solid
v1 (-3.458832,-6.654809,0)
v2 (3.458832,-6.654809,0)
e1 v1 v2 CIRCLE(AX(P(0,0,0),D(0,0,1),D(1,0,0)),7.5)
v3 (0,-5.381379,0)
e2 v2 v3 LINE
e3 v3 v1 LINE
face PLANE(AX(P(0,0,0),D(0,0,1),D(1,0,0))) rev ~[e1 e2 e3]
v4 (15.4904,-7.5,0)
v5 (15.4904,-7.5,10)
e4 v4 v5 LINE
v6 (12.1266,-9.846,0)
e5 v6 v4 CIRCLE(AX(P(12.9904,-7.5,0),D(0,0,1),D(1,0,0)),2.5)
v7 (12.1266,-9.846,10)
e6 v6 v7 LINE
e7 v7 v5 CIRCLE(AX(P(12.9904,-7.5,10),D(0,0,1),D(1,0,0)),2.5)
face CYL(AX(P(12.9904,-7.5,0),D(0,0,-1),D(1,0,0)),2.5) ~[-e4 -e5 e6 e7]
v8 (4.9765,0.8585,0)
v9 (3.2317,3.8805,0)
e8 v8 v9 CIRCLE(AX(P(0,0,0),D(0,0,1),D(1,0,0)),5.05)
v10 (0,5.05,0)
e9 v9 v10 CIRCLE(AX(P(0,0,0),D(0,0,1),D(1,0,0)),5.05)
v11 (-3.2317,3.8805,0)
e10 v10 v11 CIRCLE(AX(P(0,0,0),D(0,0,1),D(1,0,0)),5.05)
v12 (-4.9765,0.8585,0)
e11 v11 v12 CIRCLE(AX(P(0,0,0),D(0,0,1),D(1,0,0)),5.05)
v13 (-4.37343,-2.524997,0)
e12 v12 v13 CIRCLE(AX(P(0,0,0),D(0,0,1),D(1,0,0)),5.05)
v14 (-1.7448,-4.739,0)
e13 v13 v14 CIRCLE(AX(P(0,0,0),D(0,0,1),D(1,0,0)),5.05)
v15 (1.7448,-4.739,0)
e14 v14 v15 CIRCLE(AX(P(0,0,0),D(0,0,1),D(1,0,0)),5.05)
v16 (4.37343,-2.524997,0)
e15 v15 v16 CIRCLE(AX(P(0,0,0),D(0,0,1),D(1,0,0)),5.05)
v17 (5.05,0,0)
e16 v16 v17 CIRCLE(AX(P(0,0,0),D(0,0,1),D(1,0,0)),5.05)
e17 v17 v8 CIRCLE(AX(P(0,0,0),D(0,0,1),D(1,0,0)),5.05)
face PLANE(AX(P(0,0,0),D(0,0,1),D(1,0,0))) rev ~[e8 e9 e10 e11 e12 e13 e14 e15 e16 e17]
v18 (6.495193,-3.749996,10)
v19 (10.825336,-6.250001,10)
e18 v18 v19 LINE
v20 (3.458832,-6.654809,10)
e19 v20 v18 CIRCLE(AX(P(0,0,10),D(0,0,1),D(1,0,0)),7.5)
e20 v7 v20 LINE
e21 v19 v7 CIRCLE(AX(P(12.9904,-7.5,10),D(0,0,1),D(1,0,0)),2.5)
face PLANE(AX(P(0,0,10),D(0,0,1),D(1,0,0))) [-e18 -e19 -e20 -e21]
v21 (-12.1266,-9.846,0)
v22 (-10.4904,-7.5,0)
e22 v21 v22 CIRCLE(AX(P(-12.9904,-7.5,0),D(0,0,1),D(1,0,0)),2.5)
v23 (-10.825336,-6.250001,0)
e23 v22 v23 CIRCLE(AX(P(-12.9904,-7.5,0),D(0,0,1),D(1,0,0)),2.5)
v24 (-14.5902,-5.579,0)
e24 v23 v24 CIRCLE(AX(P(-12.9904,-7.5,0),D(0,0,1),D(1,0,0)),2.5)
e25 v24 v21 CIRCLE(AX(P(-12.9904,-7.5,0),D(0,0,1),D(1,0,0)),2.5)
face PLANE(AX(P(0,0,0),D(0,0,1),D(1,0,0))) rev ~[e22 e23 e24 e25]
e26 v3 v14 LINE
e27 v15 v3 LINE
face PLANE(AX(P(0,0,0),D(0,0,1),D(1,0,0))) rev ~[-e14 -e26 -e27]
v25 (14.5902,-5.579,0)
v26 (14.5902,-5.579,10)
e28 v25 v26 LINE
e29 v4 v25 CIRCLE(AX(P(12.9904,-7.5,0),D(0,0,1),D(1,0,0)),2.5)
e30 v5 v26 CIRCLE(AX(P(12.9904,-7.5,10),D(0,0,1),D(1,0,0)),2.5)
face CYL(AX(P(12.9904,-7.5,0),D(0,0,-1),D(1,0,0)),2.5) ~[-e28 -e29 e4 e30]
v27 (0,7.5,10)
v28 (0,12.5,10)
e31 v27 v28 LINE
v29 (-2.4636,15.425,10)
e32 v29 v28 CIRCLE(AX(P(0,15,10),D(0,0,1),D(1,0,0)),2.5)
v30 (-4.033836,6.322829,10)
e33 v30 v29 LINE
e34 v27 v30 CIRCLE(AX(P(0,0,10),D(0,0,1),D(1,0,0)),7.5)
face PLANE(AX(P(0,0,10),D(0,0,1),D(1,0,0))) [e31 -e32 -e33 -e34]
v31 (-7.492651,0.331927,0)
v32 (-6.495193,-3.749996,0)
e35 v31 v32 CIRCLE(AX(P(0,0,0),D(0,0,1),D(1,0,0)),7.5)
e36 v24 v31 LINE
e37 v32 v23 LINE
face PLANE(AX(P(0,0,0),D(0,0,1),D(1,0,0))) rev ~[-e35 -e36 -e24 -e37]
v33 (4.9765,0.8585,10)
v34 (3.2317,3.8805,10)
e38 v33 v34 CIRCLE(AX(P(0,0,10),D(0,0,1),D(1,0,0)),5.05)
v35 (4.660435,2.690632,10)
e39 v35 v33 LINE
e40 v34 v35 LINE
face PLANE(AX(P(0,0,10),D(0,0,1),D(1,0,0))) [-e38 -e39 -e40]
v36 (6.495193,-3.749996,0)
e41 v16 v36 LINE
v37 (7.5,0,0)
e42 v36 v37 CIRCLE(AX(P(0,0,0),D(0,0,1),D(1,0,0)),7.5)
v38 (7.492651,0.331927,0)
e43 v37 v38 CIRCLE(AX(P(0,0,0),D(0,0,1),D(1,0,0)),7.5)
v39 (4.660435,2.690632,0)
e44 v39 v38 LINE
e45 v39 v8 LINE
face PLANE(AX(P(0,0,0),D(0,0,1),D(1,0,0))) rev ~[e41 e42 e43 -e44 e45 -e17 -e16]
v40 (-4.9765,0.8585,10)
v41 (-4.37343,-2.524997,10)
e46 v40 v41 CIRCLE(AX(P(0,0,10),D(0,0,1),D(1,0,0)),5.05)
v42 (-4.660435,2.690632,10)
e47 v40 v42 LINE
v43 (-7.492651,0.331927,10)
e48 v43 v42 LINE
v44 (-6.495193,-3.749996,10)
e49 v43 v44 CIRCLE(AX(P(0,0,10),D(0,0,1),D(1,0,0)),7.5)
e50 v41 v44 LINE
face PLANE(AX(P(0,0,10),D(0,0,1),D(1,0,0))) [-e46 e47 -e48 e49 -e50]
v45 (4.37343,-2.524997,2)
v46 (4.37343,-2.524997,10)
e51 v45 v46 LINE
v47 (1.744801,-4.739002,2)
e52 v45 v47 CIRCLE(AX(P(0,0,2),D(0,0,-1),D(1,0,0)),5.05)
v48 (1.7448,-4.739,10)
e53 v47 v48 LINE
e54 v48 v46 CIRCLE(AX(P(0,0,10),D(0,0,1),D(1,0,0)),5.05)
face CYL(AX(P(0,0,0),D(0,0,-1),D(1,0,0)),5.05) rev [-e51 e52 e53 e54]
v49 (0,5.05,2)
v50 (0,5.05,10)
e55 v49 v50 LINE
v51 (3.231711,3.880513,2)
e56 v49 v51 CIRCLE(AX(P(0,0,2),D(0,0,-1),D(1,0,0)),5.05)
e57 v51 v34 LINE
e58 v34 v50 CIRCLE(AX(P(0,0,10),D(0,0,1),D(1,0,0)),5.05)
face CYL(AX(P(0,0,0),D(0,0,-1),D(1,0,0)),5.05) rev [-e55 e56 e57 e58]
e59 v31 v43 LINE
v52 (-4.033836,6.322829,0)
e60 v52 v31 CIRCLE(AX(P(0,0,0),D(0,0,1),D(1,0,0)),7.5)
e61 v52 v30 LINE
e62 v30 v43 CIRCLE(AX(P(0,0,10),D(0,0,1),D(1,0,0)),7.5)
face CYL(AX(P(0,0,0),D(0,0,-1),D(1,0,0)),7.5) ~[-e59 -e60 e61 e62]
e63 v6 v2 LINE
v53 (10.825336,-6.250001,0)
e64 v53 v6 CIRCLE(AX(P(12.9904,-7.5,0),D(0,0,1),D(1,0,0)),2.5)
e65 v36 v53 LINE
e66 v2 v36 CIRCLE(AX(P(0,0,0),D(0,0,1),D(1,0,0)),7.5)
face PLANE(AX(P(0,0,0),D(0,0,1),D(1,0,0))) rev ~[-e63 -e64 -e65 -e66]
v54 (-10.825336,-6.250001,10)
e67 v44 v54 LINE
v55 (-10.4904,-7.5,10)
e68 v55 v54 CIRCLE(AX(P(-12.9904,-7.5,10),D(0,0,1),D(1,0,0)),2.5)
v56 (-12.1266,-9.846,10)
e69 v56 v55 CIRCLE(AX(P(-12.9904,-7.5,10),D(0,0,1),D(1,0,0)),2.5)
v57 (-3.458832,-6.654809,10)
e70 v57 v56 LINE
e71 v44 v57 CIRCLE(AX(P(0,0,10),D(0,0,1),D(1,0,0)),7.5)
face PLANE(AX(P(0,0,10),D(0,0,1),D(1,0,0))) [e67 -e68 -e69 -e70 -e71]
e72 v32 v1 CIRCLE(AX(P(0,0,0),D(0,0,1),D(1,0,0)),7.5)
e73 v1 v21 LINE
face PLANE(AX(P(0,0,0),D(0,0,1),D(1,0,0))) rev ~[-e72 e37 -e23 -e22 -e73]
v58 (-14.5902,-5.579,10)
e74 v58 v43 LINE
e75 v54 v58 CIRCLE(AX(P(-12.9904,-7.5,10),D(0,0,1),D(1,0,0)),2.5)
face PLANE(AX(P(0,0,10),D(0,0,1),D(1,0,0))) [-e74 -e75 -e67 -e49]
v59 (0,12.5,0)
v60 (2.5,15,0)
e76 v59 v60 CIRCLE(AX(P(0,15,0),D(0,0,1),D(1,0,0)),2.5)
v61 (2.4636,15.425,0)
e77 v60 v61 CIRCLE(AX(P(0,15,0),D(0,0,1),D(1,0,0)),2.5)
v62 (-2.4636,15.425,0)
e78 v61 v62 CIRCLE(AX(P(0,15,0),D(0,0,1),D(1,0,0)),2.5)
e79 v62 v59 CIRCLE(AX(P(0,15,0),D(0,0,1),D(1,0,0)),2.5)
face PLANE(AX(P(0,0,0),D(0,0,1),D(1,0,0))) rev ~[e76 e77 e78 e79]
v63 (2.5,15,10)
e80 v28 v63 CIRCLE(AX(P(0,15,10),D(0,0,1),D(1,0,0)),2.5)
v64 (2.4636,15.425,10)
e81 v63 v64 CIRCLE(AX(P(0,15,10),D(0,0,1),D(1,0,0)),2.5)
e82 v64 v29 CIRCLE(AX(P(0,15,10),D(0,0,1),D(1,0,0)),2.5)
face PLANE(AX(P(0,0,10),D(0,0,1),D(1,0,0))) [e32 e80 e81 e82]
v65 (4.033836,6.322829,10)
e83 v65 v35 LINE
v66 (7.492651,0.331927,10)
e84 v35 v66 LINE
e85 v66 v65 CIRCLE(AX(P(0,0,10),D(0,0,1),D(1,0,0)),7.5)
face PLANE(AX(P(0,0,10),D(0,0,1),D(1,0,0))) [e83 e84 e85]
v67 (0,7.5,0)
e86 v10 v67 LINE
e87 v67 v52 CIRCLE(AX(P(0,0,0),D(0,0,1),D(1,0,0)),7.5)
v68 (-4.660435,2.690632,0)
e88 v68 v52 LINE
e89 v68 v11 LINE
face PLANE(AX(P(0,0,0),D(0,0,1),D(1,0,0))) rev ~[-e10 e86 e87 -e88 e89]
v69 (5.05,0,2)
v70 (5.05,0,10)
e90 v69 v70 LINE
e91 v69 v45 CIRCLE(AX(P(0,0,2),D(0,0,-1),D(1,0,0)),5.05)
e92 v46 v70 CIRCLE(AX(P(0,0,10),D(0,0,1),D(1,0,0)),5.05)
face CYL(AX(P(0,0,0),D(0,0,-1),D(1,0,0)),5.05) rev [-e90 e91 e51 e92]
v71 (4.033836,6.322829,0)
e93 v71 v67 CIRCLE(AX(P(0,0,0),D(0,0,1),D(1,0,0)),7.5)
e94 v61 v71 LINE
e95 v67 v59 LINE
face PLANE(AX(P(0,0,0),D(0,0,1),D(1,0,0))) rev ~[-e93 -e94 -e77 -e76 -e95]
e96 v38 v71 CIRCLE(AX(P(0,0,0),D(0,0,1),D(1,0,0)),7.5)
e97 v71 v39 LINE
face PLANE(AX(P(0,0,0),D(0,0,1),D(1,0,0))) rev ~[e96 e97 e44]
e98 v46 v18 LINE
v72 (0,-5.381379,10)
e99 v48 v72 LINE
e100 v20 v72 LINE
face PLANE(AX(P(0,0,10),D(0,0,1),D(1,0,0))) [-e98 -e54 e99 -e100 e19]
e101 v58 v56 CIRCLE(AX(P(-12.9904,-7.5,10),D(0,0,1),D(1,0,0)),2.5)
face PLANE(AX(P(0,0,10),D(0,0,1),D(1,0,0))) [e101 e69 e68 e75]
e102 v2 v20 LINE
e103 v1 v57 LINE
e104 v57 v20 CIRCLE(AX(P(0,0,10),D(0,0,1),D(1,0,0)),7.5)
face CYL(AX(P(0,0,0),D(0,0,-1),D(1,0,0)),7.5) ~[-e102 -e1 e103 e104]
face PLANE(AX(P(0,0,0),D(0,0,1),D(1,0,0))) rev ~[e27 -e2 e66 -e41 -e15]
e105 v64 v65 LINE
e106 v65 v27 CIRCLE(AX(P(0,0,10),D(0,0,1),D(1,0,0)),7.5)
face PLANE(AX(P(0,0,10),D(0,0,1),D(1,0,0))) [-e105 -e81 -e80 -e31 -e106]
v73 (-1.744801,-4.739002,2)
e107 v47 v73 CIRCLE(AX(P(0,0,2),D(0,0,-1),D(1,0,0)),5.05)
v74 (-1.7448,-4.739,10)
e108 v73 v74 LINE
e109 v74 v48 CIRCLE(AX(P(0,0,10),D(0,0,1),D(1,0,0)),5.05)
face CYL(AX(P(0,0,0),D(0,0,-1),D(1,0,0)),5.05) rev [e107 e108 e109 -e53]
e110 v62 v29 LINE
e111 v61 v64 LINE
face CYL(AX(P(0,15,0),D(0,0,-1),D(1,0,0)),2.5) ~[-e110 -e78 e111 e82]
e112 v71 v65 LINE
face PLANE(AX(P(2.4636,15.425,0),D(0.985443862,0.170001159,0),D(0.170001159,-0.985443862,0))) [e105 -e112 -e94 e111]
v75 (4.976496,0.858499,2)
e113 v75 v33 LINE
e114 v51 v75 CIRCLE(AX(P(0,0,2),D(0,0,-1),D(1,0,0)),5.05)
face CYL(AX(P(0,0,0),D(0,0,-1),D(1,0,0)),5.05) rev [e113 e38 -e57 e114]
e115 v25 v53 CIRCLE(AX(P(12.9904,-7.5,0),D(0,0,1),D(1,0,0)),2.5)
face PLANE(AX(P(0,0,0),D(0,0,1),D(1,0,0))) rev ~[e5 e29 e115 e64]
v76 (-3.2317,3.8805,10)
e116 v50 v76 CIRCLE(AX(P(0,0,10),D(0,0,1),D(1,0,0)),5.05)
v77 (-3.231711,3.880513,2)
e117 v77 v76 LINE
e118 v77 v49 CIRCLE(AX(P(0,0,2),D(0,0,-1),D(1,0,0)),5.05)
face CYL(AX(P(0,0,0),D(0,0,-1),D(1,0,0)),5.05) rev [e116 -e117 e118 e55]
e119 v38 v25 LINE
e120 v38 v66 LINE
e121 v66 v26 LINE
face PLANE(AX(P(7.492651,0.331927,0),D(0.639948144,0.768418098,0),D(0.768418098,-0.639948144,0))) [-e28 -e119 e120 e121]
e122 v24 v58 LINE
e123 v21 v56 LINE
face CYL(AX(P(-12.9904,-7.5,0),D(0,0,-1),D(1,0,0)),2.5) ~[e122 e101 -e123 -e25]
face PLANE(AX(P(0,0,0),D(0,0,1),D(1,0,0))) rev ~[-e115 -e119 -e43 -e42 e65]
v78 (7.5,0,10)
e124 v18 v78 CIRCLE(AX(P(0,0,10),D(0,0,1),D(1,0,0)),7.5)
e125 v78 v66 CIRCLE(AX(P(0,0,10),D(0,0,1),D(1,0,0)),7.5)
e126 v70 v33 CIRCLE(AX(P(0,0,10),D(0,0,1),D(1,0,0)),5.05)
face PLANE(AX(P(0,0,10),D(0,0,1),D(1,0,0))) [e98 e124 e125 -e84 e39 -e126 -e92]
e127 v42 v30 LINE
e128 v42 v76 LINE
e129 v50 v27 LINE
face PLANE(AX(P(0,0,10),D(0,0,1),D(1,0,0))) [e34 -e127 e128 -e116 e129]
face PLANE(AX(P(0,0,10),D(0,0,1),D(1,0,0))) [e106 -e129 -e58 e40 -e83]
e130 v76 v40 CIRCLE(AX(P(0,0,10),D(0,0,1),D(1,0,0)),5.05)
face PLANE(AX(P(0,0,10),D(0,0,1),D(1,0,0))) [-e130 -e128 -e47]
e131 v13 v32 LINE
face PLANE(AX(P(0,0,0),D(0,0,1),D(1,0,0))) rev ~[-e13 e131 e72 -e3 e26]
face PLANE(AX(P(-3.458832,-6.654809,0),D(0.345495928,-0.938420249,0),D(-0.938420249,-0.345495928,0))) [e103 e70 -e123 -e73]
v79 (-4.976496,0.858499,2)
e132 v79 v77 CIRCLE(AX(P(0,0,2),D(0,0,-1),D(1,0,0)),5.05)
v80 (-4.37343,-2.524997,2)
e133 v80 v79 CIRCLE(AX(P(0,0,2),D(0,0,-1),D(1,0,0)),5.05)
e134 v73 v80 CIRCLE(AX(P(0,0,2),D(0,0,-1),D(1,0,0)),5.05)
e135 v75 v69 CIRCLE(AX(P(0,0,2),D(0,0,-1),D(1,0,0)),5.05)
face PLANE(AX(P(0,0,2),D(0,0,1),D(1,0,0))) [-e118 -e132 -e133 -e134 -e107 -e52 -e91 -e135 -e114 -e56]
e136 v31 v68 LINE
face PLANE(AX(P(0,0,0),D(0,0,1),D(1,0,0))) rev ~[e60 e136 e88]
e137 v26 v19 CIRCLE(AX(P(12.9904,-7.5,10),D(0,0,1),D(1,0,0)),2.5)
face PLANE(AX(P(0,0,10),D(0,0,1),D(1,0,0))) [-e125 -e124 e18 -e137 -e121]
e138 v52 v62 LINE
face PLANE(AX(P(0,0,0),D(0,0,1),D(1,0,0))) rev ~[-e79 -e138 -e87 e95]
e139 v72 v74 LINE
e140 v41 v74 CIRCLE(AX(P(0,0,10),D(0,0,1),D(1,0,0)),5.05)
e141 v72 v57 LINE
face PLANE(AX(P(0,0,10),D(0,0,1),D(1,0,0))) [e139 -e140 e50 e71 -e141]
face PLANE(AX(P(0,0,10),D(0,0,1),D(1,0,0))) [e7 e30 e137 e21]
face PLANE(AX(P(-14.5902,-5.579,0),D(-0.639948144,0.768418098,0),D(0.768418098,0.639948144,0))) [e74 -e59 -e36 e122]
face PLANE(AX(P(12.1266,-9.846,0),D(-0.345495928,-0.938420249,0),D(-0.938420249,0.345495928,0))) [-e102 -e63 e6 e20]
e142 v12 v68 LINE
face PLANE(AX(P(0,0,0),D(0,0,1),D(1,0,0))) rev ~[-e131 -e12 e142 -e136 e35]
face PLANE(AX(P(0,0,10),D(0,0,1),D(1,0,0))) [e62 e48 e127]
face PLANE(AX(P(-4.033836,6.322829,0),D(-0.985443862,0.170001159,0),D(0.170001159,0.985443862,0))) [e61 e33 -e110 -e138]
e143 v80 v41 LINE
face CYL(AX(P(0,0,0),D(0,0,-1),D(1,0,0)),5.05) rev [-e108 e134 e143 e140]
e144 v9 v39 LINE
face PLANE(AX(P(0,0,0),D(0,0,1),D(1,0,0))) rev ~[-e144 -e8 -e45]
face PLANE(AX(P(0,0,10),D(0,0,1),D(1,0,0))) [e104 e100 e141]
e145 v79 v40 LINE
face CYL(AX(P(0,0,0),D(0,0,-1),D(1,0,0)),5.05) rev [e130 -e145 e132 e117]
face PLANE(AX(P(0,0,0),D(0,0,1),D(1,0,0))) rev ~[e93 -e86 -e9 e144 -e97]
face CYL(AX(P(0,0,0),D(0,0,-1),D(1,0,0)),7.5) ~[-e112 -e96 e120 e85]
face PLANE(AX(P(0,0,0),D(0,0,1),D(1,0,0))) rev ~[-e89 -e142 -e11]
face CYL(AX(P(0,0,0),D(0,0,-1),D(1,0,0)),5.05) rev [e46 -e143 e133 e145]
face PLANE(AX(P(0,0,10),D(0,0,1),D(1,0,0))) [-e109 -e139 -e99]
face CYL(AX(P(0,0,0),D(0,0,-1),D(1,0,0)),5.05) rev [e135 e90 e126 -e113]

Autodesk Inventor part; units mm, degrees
ref_plane "YZ Plane" through (0, 0, 0) normal (1, 0, 0) x (0, 1, 0)
ref_plane "XZ Plane" through (0, 0, 0) normal (0, 1, 0) x (-1, 0, 0)
ref_plane "XY Plane" through (0, 0, 0) normal (0, 0, 1) x (1, 0, 0)
sketch "Sketch1" plane through (0, 0, 0) normal (0, 0, 1) x (1, 0, 0)
  circle A0 centre (0, 0) radius 5.05
  circle A1 centre (0, 0) radius 15 construction
  line L0 (0, 0) -> (0, 15)
  circle A2 centre (0, 15) radius 2.5
  line L1 (2.4636, 15.425) -> (4.9765, 0.8585)
  line L2 (-4.9765, 0.8585) -> (-2.4636, 15.425)
  line L3 (0, 0) -> (-12.9904, -7.5)
  circle A3 centre (-12.9904, -7.5) radius 2.5
  line L4 (-14.5902, -5.579) -> (-3.2317, 3.8805)
  line L5 (1.7448, -4.739) -> (-12.1266, -9.846)
  line L6 (0, 0) -> (12.9904, -7.5)
  circle A4 centre (12.9904, -7.5) radius 2.5
  line L7 (12.1266, -9.846) -> (-1.7448, -4.739)
  line L8 (3.2317, 3.8805) -> (14.5902, -5.579)
  circle A5 centre (0, 0) radius 7.5
  point P0 (0, -15)
  point P1 (12.9904, 7.5)
  point P2 (-12.9904, 7.5)
  point P3 (-4.0338, 6.3228)
  point P4 (-3.4588, -6.6548)
  point P5 (3.4588, -6.6548)
  point P6 (4.0338, 6.3228)
  point P7 (7.4926, 0.332)
  point P8 (4.6604, 2.6907)
  point P9 (-7.4926, 0.332)
  point P10 (-4.6604, 2.6907)
  point P11 (0, -5.3814)
  dimension "d0" = 10.1
  dimension "d1" = 30
  dimension "d2" = 5
  dimension "d5" = 360
  dimension "d7" = 15
extrude "Extrusion1" add sketch "Sketch1" along normal blind 10 contours A0 L1 L8 A5 L6 | A0 L8 L1 | L6 A5 L7 L5 A0 | A0 L0 A5 L1 L8 | L1 A5 L8 | L5 L7 A0 | A5 L8 A4 L6 | L6 A4 L7 A5 | A0 L4 L2 A5 L0 | A5 L0 A2 L1 | L7 L5 A5 L3 A0 | L7 A5 L5 | L3 A5 L4 L2 A0 | A4 | A0 L2 L4 | A5 L2 A2 L0 | A2 | L5 A3 L3 A5 | L3 A3 L4 A5 | L4 A5 L2 | A3
extrude "Extrusion2" add sketch "Sketch1" along normal blind 2 contours A0 L6 L0 | A0 L3 L6 | L3 A0 L0
properties part number "Turret_Holder"
